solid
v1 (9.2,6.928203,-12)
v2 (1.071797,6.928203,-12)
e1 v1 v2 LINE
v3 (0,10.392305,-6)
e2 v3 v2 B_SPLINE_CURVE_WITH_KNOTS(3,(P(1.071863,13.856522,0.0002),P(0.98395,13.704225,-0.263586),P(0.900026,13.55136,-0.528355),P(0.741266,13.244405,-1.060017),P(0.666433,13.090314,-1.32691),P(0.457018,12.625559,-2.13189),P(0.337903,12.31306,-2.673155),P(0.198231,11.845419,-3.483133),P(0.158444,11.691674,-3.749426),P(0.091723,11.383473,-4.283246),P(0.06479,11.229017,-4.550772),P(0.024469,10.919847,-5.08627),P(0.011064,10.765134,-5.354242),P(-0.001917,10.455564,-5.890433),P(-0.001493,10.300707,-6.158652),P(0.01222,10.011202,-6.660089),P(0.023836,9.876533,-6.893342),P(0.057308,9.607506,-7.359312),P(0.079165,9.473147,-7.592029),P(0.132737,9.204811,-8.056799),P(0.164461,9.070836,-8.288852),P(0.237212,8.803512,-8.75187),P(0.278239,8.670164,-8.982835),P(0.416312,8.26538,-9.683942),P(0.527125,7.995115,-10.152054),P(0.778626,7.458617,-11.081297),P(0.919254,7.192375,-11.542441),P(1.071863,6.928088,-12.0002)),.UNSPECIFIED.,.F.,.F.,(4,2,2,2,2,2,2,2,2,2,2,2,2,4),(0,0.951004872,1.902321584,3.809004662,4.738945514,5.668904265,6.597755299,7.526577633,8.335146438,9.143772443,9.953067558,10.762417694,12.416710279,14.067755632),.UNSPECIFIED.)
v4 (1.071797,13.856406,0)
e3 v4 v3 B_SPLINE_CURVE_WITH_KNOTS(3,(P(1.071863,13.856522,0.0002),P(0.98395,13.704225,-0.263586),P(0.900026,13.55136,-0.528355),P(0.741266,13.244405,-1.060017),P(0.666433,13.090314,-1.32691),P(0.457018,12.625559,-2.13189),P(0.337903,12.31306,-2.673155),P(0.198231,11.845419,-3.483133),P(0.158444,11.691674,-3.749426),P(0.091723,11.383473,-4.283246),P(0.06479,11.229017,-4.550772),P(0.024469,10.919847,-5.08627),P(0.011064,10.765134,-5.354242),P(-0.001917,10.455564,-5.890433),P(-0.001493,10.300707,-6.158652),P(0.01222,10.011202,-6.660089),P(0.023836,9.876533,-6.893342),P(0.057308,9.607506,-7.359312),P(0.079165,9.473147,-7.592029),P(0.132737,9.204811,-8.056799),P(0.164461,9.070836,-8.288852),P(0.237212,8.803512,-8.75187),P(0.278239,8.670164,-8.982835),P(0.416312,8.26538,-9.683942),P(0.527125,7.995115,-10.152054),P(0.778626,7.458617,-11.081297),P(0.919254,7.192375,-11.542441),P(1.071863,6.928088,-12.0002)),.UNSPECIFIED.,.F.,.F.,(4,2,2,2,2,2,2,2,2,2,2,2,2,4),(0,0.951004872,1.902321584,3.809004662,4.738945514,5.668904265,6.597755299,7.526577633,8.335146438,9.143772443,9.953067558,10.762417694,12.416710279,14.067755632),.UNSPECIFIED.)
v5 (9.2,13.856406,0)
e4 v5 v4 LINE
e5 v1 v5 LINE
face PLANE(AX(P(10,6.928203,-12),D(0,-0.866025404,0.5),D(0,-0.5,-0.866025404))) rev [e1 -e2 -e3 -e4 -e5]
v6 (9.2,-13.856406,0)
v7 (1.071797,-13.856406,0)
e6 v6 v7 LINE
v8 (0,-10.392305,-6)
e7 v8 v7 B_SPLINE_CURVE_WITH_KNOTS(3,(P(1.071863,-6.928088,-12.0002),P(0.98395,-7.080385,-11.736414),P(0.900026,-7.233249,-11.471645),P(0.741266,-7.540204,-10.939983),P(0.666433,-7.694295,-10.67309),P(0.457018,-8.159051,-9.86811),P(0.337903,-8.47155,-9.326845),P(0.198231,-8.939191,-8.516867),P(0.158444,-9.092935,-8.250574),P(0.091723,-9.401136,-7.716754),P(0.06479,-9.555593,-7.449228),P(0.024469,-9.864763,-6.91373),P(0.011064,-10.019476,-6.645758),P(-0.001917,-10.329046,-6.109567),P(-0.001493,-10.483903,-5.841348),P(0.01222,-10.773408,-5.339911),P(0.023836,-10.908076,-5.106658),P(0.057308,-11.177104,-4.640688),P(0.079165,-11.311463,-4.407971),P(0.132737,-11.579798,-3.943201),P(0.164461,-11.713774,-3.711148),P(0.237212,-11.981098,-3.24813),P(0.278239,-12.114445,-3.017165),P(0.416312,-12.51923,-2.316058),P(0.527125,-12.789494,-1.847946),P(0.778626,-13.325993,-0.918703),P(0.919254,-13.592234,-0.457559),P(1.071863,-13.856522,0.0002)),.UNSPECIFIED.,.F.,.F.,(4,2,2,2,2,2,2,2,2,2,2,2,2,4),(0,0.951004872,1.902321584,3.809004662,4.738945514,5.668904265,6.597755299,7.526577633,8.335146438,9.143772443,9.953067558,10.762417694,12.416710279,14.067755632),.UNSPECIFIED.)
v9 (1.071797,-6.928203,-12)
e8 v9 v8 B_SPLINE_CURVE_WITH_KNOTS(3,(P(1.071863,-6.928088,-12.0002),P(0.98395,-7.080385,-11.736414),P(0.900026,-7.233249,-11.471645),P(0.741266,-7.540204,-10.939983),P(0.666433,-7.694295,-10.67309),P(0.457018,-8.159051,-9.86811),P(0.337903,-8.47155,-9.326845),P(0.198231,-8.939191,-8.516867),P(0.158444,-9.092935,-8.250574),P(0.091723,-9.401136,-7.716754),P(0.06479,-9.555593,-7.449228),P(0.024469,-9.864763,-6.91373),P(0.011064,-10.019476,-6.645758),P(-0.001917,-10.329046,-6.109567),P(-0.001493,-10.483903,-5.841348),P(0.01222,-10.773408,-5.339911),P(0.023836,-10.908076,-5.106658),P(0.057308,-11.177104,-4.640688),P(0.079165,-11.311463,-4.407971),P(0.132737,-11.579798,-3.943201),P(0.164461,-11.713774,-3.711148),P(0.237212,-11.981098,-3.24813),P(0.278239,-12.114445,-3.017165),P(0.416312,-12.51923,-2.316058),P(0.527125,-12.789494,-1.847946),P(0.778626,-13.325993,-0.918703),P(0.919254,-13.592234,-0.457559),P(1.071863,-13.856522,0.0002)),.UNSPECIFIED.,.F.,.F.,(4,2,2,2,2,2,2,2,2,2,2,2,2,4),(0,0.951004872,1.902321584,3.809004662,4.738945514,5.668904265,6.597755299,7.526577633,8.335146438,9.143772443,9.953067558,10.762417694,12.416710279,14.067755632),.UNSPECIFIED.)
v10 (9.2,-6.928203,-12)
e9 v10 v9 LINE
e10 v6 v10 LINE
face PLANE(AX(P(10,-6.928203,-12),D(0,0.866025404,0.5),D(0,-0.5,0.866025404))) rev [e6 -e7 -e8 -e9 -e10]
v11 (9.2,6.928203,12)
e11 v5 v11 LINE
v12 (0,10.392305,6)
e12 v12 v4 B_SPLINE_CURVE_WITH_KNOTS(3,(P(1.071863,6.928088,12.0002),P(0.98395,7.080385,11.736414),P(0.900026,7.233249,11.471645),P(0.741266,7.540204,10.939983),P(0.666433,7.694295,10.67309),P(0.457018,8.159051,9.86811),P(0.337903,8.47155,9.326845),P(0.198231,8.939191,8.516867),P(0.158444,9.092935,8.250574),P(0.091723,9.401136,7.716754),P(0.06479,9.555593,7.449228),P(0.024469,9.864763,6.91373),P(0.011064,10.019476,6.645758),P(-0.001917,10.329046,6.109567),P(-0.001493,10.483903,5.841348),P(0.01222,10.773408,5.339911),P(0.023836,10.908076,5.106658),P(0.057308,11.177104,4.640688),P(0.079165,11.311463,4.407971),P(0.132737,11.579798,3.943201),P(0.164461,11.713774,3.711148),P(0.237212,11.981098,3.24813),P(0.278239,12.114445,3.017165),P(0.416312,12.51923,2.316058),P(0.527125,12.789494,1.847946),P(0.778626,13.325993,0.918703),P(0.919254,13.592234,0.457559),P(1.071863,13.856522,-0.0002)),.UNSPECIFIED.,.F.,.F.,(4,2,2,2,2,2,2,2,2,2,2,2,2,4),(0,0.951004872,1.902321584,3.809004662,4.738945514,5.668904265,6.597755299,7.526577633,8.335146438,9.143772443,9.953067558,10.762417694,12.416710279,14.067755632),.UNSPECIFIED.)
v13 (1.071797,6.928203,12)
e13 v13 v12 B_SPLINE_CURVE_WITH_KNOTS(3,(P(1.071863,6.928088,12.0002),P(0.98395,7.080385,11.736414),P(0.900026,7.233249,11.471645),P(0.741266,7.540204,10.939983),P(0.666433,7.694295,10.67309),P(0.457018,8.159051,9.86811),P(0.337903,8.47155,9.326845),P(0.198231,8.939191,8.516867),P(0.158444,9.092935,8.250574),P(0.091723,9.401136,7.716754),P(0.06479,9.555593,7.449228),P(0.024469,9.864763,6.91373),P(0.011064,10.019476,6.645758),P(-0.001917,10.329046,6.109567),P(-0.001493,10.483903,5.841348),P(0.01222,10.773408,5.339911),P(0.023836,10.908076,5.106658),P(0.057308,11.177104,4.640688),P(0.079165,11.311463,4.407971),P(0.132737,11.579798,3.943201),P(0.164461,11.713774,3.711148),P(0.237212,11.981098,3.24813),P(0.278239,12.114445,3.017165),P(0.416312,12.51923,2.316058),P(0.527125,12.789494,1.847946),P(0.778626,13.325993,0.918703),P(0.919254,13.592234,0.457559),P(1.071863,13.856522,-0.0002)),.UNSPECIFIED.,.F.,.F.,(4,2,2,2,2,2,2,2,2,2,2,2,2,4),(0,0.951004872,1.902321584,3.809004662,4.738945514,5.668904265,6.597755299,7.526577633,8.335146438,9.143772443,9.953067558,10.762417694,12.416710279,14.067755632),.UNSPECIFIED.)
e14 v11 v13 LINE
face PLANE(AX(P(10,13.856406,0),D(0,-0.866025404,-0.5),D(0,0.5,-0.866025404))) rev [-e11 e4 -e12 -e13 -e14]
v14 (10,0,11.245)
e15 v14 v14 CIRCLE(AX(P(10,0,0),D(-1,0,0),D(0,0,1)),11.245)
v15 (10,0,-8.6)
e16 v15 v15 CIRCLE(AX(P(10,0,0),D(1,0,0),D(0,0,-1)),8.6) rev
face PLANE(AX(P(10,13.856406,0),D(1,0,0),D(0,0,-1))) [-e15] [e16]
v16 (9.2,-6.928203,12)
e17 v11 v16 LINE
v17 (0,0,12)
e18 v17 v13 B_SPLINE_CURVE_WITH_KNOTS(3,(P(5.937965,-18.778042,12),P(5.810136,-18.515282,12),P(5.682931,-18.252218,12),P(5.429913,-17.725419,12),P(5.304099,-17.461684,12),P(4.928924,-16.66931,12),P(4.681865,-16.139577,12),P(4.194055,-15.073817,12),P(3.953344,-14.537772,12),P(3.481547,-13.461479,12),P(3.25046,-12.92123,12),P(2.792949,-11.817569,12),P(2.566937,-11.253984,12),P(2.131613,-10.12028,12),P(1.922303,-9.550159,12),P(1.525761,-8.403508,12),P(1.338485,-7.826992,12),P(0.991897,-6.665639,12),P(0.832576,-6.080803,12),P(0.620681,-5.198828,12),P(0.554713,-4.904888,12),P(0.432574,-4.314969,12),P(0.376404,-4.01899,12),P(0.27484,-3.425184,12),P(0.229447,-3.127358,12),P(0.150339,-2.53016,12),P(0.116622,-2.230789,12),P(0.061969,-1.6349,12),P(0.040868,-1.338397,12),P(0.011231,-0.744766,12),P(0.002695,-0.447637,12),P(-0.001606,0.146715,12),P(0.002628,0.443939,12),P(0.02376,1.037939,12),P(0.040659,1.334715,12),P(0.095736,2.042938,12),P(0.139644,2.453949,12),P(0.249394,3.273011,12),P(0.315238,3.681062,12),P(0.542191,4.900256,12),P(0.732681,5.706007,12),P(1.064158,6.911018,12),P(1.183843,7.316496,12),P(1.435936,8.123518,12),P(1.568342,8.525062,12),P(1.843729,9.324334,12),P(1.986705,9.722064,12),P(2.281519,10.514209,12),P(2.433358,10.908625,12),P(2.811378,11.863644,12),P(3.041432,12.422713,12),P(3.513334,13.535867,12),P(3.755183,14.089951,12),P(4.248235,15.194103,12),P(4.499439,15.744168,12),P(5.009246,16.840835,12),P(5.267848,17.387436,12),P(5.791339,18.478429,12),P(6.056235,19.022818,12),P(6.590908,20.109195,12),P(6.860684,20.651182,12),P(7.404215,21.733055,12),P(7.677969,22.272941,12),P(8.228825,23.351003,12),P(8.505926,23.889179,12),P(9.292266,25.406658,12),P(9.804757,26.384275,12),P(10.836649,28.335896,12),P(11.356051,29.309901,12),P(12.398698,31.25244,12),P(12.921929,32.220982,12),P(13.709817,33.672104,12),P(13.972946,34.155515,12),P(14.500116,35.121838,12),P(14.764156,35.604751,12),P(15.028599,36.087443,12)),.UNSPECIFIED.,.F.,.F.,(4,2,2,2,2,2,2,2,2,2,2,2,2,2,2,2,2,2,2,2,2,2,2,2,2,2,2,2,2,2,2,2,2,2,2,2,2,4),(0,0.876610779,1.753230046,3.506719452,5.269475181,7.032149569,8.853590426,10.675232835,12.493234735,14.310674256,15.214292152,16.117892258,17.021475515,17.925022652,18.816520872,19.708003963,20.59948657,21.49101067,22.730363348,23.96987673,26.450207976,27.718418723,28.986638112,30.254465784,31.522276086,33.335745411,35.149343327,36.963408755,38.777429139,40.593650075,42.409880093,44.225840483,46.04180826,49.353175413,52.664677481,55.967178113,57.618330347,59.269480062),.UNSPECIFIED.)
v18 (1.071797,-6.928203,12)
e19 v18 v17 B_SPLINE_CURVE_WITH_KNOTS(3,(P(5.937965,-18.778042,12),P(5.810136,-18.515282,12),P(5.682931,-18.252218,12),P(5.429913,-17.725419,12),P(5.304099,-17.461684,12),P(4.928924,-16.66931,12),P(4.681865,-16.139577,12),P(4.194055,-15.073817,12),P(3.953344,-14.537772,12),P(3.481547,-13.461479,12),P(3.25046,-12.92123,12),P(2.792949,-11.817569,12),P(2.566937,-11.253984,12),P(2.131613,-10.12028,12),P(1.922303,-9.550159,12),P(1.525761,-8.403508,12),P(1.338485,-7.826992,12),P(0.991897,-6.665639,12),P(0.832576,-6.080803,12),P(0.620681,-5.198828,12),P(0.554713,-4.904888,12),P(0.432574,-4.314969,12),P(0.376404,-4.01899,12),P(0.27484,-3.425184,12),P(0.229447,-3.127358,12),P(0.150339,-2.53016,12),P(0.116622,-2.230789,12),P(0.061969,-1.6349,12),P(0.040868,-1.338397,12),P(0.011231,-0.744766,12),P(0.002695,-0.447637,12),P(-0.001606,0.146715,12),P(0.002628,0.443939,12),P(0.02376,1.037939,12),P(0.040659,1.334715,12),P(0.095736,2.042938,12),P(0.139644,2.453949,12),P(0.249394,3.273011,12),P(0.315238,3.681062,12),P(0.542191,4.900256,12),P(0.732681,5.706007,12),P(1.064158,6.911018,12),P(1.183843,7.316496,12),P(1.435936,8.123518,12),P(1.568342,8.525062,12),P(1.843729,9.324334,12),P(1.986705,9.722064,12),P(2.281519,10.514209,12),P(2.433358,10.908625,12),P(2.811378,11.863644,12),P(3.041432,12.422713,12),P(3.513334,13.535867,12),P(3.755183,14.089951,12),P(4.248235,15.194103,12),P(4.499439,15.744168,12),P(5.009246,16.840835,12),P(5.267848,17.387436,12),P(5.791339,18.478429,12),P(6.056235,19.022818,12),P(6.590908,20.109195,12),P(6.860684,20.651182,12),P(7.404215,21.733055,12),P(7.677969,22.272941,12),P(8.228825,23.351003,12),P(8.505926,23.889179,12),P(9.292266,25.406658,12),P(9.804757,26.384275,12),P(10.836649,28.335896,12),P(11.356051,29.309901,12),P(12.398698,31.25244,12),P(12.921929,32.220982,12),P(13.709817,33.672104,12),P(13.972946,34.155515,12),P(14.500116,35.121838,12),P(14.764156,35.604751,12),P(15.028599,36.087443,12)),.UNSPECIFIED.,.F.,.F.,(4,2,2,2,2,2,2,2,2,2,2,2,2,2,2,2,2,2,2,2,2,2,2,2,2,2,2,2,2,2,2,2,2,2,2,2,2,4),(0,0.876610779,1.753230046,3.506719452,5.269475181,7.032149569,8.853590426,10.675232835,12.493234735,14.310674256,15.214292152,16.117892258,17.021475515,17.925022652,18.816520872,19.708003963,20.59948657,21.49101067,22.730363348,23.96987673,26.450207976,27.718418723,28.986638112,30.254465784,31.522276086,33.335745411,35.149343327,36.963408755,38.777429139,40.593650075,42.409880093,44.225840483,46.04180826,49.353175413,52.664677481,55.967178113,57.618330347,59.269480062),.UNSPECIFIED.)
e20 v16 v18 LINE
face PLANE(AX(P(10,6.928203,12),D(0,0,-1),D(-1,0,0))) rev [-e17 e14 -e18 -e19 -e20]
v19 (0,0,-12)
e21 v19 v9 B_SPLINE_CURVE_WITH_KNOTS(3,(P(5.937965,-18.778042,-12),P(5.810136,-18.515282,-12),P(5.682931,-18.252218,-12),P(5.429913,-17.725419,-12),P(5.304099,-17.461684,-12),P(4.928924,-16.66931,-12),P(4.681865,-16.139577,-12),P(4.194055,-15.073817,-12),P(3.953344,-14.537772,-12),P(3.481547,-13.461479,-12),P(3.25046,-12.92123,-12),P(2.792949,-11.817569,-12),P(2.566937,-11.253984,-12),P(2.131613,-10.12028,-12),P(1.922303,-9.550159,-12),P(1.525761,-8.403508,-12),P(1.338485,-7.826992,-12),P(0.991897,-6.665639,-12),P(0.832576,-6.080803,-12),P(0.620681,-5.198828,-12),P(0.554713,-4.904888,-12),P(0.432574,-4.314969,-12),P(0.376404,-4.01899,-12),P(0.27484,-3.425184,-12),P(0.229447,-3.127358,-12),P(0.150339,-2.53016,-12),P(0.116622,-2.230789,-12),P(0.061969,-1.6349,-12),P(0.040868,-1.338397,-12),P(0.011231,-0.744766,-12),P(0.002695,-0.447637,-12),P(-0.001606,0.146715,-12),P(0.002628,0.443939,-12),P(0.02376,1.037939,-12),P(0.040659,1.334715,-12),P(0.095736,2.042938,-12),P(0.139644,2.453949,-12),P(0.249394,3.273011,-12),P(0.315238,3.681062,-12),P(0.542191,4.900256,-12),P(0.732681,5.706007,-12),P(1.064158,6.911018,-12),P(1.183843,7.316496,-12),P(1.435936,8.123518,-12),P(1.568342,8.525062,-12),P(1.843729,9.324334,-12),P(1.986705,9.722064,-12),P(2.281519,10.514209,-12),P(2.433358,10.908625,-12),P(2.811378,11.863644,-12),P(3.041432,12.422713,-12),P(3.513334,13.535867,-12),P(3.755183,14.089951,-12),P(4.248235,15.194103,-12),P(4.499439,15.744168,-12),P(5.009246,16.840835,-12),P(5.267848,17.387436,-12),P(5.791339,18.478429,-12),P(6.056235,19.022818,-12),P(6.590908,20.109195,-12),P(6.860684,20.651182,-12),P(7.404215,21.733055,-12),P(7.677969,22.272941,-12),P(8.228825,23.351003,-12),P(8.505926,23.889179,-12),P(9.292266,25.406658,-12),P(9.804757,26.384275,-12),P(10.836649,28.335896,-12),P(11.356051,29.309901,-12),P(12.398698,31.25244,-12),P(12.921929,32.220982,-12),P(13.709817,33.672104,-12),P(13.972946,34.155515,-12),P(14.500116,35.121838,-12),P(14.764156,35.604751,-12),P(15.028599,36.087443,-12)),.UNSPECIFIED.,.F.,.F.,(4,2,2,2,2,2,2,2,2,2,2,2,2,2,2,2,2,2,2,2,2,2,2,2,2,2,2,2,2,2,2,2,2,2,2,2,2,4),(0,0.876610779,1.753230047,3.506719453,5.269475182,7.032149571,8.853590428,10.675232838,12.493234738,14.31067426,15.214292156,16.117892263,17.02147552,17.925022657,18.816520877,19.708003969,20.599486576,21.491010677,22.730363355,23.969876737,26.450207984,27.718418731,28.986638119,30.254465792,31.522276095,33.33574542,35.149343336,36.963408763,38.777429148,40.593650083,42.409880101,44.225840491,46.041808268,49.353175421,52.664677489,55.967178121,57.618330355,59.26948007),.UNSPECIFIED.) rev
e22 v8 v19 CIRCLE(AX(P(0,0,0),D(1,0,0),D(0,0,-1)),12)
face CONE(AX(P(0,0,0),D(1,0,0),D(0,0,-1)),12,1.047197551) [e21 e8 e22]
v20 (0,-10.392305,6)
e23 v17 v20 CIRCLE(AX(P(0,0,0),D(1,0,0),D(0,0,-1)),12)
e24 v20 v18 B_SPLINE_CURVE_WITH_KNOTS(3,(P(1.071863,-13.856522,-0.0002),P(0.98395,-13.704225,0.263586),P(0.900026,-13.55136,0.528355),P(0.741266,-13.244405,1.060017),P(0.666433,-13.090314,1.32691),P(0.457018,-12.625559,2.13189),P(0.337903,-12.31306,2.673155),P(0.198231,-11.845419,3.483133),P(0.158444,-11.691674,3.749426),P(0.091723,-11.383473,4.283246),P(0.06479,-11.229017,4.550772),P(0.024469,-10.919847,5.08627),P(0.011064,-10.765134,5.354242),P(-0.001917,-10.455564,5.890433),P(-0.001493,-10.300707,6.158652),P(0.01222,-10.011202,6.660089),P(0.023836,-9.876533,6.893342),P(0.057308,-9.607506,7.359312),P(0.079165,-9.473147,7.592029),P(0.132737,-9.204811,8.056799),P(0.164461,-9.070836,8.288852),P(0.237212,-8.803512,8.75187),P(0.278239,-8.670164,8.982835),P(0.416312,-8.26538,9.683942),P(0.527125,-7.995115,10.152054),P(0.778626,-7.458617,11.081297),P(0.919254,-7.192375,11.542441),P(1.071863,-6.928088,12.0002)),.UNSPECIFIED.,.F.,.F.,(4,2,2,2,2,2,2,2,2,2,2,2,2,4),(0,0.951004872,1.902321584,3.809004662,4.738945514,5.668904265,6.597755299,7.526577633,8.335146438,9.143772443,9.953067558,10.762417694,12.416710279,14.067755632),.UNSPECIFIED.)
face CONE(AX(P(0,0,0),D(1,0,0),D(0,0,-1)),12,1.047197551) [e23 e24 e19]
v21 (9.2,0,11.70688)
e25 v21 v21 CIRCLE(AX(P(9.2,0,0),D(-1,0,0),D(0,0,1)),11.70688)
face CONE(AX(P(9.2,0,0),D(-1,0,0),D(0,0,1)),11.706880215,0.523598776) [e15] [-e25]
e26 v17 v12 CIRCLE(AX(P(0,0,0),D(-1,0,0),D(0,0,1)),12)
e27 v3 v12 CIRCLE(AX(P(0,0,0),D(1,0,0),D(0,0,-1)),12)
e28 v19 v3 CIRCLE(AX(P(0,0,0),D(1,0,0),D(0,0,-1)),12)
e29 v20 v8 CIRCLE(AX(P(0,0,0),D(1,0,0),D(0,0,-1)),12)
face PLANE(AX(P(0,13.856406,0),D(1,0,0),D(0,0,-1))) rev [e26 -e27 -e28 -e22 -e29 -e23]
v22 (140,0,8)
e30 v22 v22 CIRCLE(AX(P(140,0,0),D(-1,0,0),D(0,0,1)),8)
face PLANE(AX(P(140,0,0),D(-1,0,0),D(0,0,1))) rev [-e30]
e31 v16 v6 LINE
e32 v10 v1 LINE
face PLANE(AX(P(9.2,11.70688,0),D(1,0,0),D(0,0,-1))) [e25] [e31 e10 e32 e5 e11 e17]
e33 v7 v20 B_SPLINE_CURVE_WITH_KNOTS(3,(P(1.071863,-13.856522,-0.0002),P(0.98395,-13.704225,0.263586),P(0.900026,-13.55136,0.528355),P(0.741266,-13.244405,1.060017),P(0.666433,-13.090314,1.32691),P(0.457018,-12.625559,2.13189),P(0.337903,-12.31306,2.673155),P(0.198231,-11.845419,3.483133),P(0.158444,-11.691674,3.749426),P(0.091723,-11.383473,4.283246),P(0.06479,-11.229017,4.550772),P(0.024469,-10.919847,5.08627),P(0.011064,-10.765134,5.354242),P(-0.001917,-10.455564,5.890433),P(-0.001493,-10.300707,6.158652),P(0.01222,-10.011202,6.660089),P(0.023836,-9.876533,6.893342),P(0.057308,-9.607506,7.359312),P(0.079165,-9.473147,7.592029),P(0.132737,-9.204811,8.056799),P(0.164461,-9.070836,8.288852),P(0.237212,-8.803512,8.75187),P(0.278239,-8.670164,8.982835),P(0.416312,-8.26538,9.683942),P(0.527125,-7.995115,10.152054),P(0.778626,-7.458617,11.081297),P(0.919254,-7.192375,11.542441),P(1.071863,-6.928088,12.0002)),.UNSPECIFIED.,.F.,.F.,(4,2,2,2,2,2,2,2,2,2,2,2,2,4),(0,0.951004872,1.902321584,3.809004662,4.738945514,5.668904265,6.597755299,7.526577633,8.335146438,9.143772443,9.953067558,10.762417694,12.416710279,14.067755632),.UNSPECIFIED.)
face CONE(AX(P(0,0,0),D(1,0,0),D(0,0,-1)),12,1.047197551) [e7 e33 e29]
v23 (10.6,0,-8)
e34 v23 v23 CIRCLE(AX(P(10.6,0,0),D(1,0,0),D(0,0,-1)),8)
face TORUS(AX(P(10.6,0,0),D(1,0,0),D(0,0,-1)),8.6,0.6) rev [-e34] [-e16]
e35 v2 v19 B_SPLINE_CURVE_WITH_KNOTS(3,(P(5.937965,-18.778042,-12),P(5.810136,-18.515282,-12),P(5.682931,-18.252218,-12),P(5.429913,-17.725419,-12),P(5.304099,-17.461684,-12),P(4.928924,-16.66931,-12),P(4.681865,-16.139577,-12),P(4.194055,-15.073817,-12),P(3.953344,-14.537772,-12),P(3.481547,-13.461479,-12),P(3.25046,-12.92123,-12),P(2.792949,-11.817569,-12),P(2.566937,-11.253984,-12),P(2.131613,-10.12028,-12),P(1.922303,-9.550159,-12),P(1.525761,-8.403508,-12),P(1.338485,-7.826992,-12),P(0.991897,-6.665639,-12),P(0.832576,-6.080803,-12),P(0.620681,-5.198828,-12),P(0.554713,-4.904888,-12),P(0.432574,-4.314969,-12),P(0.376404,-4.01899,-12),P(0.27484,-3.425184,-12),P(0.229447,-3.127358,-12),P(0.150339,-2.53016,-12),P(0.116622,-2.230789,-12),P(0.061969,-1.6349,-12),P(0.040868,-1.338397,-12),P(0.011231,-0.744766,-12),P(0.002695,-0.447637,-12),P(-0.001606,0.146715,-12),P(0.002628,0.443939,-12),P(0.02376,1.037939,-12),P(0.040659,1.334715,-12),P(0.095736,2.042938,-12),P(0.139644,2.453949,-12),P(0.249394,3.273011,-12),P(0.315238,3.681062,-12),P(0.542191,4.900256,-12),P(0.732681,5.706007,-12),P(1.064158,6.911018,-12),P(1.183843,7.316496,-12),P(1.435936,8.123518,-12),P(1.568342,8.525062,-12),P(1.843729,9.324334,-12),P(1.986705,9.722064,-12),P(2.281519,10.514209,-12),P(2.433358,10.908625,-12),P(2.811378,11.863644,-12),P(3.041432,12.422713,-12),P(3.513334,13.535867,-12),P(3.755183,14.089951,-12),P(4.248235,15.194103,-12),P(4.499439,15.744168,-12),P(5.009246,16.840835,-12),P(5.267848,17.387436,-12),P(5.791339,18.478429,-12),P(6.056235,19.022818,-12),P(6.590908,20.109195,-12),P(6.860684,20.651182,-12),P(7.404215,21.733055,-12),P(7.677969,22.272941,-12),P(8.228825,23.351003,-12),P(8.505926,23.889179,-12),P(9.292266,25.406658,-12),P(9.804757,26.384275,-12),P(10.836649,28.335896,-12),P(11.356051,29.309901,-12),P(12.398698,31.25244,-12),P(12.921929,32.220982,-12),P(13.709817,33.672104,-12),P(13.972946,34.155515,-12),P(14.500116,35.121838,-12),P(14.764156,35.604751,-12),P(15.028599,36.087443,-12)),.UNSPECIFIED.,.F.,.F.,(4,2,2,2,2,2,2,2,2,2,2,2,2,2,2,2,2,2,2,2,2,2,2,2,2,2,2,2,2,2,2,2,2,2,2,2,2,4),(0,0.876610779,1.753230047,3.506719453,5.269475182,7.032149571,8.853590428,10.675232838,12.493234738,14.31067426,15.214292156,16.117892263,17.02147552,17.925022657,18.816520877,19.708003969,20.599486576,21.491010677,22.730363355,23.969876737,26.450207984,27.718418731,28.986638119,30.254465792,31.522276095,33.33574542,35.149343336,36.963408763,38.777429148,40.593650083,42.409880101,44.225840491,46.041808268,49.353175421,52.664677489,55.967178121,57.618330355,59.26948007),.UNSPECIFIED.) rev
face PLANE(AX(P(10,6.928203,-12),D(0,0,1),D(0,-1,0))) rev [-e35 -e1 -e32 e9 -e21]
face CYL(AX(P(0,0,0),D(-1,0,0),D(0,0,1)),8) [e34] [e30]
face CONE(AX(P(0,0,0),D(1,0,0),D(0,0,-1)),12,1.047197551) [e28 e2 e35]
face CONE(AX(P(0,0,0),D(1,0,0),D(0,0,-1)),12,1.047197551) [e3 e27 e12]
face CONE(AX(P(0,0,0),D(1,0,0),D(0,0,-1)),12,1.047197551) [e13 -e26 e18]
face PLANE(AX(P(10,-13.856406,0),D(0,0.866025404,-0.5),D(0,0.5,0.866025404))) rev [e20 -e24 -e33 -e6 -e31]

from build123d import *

# Parameters (mm, degrees)
EXTRUDE_390_DEPTH = 10
FILLET_1283_R     = 0.6


with BuildPart() as part:
    # 草图1 → Extrude 390 (new body)
    with BuildSketch(Plane(origin=(0, 0, 0), x_dir=(0, 0, -1), z_dir=(1, 0, 0))):
        Polygon((12, 6.92820323), (12, -6.92820323), (0, -13.856406461), (-12, -6.92820323), (-12, 6.92820323), (0, 13.856406461), align=None)
    extrude(amount=EXTRUDE_390_DEPTH)

    # 草图2 → 凸台-旋转1 (revolve)
    with BuildSketch(Plane.XY, mode=Mode.PRIVATE) as revolve_1_sk:
        Polygon((0, 0), (140, 0), (140, 6.268), (140, 8), (96, 8), (0, 8), align=None)
    revolve(revolve_1_sk.sketch.rotate(Axis((0, 0, 0), (1, 0, 0)), 90), axis=Axis((0, 0, 0), (1, 0, 0)))

    # 草图3 → 切除-旋转1 (revolve, cut)
    with BuildSketch(Plane.XY):
        Polygon((0, 12), (3.958548116, 18.856406461), (3.958548116, 23.856406461), (-10, 23.856406461), (-10, 12), align=None)
    revolve(axis=Axis((0, 0, 0), (1, 0, 0)), mode=Mode.SUBTRACT)

    # 草图4 → 切除-旋转3 (revolve, cut)
    with BuildSketch(Plane.XY, mode=Mode.PRIVATE) as cut_revolve_3_sk:
        Polygon((10, 11.245), (9.2, 11.706880215), (9.2, 13.856406461), (10, 13.856406461), align=None)
    revolve(cut_revolve_3_sk.sketch.rotate(Axis((0, 0, 0), (1, 0, 0)), 90), axis=Axis((0, 0, 0), (1, 0, 0)), mode=Mode.SUBTRACT)

    # Fillet 1283
    fillet_1283_edges = [part.edges().sort_by_distance(p)[0] for p in [
        (10, 0, -8),
    ]]
    fillet(fillet_1283_edges, radius=FILLET_1283_R)


solid = part.part
